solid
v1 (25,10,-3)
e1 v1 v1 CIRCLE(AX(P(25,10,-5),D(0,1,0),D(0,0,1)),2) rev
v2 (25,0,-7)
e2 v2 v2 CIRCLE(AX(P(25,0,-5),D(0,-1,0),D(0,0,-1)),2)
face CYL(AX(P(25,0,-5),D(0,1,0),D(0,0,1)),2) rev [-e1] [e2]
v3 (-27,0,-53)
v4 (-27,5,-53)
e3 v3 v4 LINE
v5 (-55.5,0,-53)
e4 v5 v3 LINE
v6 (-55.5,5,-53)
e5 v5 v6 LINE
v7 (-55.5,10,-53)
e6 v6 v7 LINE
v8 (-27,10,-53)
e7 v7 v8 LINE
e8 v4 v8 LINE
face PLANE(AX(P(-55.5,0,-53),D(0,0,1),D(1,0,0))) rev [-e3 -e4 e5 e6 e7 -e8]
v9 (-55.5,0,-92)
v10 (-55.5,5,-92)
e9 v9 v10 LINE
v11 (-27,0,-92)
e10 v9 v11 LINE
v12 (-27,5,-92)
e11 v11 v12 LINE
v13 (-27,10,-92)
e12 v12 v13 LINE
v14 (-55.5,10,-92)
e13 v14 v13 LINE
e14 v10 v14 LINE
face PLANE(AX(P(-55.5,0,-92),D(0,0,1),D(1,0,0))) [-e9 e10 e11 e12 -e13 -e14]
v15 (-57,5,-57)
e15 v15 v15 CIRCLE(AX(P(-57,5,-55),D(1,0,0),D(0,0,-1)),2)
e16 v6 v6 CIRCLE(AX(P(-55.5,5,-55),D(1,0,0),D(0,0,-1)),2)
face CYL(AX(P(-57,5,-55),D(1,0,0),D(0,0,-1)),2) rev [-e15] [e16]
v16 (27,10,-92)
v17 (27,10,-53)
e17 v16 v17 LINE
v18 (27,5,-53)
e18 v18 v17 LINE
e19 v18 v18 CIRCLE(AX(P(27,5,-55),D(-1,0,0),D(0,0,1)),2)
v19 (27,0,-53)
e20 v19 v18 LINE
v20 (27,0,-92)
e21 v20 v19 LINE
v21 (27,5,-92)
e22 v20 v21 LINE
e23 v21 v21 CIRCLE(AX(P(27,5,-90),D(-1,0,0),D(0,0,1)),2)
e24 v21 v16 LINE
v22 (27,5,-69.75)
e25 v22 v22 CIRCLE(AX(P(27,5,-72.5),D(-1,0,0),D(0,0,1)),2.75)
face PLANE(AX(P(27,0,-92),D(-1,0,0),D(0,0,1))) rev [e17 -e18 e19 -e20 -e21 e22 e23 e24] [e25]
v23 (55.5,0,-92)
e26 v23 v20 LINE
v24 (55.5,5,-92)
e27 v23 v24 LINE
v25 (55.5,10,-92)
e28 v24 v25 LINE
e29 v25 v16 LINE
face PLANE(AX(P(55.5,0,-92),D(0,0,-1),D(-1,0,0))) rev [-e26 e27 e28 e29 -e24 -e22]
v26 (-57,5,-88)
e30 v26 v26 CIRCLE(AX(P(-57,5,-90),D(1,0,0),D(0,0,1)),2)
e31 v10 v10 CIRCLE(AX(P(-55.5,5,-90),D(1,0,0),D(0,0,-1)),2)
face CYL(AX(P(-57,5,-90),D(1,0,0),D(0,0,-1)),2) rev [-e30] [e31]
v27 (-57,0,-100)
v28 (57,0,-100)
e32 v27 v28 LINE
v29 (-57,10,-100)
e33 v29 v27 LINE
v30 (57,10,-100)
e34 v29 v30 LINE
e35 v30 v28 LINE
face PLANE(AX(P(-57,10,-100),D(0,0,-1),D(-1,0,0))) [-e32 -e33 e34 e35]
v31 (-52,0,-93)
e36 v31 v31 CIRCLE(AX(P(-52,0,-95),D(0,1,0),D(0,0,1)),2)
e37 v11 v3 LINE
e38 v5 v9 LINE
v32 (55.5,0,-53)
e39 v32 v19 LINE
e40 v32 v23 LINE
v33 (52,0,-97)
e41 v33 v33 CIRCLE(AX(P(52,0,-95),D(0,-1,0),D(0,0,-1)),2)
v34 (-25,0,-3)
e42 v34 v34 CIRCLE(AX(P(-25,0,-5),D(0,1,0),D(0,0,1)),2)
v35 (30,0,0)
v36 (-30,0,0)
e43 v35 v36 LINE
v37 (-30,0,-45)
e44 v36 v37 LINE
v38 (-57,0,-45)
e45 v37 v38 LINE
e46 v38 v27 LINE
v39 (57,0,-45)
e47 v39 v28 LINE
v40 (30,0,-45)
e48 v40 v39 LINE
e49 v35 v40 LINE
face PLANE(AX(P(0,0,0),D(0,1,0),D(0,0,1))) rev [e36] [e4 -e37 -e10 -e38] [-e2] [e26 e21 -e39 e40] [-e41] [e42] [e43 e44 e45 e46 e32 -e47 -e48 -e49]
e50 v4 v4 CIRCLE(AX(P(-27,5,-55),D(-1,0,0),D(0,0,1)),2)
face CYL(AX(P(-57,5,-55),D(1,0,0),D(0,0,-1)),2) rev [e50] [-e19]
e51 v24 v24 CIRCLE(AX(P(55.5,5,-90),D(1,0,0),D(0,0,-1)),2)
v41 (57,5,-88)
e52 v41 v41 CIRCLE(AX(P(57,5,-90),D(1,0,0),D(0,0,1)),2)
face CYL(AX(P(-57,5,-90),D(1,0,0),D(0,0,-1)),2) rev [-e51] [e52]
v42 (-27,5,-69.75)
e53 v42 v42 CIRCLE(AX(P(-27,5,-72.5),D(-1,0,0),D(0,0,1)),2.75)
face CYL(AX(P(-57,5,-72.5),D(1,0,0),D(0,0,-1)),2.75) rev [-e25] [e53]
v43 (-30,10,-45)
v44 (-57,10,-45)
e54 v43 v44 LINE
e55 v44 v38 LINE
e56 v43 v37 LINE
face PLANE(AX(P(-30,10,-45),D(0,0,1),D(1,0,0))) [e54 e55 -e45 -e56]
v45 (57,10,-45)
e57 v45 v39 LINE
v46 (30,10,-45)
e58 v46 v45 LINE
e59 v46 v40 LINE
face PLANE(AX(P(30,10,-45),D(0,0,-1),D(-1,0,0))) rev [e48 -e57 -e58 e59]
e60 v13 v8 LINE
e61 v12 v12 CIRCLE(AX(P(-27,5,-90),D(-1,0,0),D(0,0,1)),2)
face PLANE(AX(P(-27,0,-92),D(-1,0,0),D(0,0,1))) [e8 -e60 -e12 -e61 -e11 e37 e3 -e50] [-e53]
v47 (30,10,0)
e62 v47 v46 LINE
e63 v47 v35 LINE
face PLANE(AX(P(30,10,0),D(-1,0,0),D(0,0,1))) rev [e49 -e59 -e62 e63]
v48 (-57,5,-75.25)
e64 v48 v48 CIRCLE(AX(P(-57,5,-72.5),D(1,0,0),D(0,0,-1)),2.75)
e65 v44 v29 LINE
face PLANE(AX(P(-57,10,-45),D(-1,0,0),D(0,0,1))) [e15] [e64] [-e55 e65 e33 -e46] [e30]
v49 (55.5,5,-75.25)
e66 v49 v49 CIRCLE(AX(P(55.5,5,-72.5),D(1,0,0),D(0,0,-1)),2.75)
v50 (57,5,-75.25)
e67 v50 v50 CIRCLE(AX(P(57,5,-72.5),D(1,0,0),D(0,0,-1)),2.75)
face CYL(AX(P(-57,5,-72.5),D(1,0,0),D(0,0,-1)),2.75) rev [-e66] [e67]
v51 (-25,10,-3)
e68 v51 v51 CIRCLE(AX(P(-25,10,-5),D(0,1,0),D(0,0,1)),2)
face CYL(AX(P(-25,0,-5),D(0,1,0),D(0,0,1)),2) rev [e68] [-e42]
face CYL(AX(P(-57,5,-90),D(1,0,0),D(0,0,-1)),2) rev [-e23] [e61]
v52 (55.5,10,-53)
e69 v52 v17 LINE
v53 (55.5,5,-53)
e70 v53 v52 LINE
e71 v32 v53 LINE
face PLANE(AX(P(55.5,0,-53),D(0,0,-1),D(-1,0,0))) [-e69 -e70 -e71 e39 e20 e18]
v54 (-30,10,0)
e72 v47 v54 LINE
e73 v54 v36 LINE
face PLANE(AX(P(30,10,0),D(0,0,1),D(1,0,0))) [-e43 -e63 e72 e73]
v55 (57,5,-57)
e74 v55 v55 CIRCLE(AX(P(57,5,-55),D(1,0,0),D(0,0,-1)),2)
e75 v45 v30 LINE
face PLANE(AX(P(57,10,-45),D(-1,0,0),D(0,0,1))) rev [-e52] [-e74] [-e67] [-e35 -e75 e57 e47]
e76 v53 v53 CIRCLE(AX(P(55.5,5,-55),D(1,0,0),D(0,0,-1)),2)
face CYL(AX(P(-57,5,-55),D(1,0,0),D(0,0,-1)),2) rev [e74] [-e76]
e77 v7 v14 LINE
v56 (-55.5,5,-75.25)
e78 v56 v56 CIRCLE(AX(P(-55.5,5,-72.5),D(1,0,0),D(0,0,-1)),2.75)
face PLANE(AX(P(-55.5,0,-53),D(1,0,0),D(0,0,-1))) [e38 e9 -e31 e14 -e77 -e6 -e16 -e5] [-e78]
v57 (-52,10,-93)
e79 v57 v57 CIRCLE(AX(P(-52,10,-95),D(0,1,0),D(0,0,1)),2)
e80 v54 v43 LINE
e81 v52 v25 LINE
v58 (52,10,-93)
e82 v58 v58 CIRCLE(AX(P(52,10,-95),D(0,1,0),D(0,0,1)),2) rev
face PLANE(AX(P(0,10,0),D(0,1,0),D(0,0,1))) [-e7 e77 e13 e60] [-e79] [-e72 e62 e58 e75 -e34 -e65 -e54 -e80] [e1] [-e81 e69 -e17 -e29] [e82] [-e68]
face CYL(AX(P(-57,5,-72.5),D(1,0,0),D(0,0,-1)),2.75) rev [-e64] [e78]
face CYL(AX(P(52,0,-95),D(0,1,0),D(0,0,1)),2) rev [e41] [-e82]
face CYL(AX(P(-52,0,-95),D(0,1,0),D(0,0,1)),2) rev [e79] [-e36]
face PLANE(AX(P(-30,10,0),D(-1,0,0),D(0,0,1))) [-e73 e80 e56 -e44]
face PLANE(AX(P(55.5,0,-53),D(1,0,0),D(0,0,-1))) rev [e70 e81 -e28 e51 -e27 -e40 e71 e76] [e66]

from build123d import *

# Parameters (mm, degrees)
BOSS_EXTRUDE1_DEPTH     = 10
CUT_EXTRUDE1_DEPTH      = 116.537872579
CUT_EXTRUDE1_DEPTH_BACK = 116.537872579
SKETCH2_R               = 2
SKETCH2_W               = 28.5
SKETCH2_H               = 39
SKETCH5_R               = 2
SKETCH5_R_2             = 2.75
CUT_EXTRUDE2_DEPTH      = 152.973681932


with BuildPart() as part:
    # Sketch1 → Boss-Extrude1 (new body)
    with BuildSketch(Plane(origin=(0, 0, 0), x_dir=(1, 0, 0), z_dir=(0, 1, 0))):
        Polygon((30, 0), (-30, 0), (-30, 45), (-57, 45), (-57, 100), (57, 100), (57, 45), (30, 45), align=None)
    extrude(amount=BOSS_EXTRUDE1_DEPTH)

    # Sketch2 → Cut-Extrude1 (cut, two sides: drawn at the far end of the back side and taken through both)
    with BuildSketch(Plane(origin=(0, 10, 0), x_dir=(1, 0, 0), z_dir=(0, 1, 0)).offset(-CUT_EXTRUDE1_DEPTH_BACK)):
        with Locations(Location((-52, 95, 0), (0, 0, 270))):
            Circle(SKETCH2_R)
        with Locations(Location((52, 95, 0), (0, 0, 270))):
            Circle(SKETCH2_R)
        with Locations(Location((-25, 5, 0), (0, 0, 270))):
            Circle(SKETCH2_R)
        with Locations(Location((25, 5, 0), (0, 0, 270))):
            Circle(SKETCH2_R)
        with Locations((-41.25, 72.5)):
            Rectangle(SKETCH2_W, SKETCH2_H)
        with Locations((41.25, 72.5)):
            Rectangle(SKETCH2_W, SKETCH2_H)
    extrude(amount=CUT_EXTRUDE1_DEPTH + CUT_EXTRUDE1_DEPTH_BACK, mode=Mode.SUBTRACT)

    # Sketch5 → Cut-Extrude2 (cut, through all)
    with BuildSketch(Plane(origin=(57, 0, 0), x_dir=(0, 0, -1), z_dir=(1, 0, 0))):
        with Locations(Location((55, 5, 0), (0, 0, 180))):
            Circle(SKETCH5_R)
        with Locations((90, 5)):
            Circle(SKETCH5_R)
        with Locations(Location((72.5, 5, 0), (0, 0, 180))):
            Circle(SKETCH5_R_2)
    extrude(amount=-CUT_EXTRUDE2_DEPTH, mode=Mode.SUBTRACT)


solid = part.part
